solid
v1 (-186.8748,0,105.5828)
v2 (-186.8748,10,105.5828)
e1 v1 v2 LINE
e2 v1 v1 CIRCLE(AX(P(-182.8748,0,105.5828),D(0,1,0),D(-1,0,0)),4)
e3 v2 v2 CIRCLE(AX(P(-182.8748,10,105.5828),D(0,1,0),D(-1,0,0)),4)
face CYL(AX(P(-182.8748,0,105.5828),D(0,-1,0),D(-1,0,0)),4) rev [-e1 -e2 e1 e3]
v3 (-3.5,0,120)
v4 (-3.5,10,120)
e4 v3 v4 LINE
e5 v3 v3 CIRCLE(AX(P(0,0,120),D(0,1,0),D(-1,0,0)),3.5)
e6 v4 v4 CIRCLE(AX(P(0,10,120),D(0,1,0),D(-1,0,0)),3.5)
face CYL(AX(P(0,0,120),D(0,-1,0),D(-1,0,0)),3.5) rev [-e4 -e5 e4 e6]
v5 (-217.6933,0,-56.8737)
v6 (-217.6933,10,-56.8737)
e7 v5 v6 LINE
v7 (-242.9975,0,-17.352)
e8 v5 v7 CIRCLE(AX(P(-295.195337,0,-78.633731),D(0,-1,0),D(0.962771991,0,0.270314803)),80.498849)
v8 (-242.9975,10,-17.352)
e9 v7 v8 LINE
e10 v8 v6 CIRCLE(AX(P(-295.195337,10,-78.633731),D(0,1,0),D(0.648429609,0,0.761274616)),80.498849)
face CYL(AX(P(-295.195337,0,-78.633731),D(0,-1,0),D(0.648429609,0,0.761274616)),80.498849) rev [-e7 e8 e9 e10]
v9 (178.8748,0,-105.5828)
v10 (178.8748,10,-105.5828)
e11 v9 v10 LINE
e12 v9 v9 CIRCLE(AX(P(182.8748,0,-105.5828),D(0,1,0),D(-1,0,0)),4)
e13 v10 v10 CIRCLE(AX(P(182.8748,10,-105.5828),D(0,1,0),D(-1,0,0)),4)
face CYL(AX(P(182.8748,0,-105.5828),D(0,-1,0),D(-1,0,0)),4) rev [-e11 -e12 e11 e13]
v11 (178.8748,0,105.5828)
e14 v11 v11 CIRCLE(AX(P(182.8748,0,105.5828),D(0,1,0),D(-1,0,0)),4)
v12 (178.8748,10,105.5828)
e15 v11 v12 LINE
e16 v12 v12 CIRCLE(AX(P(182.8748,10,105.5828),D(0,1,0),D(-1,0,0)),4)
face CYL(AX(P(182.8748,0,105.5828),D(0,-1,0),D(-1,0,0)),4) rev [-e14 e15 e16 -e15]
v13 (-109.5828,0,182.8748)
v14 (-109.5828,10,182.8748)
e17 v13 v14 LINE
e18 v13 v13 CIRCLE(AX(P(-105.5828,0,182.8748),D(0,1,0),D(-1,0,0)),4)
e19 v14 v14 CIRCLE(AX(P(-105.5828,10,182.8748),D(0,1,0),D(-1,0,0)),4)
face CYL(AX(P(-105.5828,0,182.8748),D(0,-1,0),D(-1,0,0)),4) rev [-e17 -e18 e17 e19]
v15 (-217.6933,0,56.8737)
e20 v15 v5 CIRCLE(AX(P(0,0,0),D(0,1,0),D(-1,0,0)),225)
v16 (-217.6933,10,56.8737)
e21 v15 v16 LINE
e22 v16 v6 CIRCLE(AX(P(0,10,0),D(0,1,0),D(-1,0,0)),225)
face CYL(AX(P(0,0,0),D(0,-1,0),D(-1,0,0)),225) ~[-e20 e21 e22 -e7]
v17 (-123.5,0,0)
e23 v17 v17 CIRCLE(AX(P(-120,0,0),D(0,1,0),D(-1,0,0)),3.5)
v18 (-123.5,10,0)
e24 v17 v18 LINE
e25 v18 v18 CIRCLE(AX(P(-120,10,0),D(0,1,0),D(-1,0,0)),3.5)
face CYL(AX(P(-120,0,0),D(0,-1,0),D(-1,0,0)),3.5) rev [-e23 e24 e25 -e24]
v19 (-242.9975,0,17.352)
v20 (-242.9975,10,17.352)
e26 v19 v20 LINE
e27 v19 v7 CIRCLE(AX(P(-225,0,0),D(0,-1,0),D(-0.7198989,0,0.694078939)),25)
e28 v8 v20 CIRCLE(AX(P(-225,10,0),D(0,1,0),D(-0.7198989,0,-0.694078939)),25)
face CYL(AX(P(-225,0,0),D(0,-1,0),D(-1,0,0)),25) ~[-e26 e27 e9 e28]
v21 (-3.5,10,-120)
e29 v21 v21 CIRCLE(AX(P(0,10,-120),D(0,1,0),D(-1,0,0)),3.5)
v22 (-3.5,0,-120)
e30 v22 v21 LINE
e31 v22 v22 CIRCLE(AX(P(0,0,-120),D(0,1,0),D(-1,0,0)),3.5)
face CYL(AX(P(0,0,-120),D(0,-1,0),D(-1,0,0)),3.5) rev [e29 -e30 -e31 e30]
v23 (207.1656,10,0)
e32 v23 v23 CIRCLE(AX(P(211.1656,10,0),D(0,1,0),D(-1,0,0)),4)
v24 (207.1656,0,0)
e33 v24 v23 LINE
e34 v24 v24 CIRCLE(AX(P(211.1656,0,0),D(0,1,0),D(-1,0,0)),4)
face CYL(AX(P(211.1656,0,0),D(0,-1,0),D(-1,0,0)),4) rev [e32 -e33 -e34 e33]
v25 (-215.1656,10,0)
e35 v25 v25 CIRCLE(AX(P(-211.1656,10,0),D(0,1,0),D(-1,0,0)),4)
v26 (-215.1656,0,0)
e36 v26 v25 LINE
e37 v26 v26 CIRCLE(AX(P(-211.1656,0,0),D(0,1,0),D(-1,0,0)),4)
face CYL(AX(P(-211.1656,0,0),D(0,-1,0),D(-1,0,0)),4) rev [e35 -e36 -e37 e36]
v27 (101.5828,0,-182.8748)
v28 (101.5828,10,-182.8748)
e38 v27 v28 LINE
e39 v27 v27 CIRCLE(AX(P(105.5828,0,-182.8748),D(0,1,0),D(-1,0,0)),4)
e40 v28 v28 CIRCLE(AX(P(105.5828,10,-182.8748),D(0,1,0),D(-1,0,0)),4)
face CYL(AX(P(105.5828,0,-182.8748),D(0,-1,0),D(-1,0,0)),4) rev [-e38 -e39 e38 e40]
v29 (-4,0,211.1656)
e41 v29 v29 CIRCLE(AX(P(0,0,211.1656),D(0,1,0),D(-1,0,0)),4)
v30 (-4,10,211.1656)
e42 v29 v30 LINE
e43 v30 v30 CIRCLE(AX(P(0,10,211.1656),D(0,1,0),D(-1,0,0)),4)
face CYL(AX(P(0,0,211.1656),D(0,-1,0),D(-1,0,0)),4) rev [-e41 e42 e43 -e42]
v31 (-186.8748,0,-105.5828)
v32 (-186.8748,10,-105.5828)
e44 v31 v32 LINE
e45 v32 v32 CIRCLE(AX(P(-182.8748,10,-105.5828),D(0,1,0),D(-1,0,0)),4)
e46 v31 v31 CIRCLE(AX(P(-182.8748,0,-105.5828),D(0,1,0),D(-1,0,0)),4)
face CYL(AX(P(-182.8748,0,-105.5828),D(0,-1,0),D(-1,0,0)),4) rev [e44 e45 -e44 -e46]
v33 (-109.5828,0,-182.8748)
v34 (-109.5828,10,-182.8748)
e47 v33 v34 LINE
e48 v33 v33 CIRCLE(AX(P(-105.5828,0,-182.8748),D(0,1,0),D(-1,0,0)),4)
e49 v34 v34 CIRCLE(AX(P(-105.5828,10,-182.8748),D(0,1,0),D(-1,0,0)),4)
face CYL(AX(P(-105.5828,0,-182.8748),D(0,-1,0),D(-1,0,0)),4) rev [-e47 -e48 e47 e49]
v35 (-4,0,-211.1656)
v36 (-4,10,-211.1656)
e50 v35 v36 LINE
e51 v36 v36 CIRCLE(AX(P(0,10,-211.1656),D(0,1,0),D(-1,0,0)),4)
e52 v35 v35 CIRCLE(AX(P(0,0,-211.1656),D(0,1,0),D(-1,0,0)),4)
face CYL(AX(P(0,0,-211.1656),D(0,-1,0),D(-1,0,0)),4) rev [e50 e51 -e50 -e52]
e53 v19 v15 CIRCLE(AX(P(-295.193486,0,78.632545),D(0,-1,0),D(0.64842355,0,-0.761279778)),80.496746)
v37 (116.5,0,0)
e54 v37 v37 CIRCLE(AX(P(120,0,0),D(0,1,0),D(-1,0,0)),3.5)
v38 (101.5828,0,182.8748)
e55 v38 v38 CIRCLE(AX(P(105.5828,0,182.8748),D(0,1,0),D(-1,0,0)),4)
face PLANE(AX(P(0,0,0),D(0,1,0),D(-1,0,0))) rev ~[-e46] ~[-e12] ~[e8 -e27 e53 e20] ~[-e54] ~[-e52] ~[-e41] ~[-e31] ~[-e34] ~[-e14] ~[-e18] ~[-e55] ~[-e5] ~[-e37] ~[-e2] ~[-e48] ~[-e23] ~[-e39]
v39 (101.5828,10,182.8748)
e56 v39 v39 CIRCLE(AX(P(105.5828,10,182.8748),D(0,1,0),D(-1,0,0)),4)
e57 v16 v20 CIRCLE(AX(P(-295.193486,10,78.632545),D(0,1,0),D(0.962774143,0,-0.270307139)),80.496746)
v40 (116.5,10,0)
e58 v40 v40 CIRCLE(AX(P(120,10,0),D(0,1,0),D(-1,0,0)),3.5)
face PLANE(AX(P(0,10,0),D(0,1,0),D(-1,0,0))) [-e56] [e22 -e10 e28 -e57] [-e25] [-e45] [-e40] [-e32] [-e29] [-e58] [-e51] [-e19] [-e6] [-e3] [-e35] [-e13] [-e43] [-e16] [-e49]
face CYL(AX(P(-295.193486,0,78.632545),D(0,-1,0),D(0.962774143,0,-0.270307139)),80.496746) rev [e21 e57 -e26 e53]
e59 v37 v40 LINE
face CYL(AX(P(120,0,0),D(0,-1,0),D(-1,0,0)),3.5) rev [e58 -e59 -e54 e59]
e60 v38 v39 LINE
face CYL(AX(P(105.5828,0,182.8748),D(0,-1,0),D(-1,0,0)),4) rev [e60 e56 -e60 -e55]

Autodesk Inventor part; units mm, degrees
ref_plane "YZ Plane" through (0, 0, 0) normal (1, 0, 0) x (0, 1, 0)
ref_plane "XZ Plane" through (0, 0, 0) normal (0, 1, 0) x (-1, 0, 0)
ref_plane "XY Plane" through (0, 0, 0) normal (0, 0, 1) x (1, 0, 0)
sketch "Sketch1" plane through (0, 0, 0) normal (0, 1, 0) x (-1, 0, 0)
  arc A0 (-195.1682, -43.6963) -> (-195.1682, -43.6963) centre (0, 0) ccw construction
  spline S0 degree 3 poles (212.7614, 63.8524) (213.1534, 65.8524) (213.5259, 67.8561) (213.8787, 69.8633) knots 0 0 0 0 0.019635 0.019635 0.019635 0.019635 construction
  circle A1 centre (0, 0) radius 225
  line L0 (0, 0) -> (0, 120) construction
  line L1 (0, 0) -> (0, -120) construction
  line L2 (0, 0) -> (-120, 0) construction
  line L3 (0, 0) -> (120, 0) construction
  circle A2 centre (-120, 0) radius 3.5
  circle A3 centre (0, -120) radius 3.5
  circle A4 centre (120, 0) radius 3.5
  circle A5 centre (0, 120) radius 3.5
  circle A6 centre (0, -211.1656) radius 4
  circle A7 centre (105.5828, -182.8748) radius 4
  circle A8 centre (182.8748, -105.5828) radius 4
  circle A9 centre (211.1656, 0) radius 4
  circle A10 centre (182.8748, 105.5828) radius 4
  circle A11 centre (105.5828, 182.8748) radius 4
  circle A12 centre (0, 211.1656) radius 4
  circle A13 centre (-105.5828, 182.8748) radius 4
  circle A14 centre (-182.8748, 105.5828) radius 4
  circle A15 centre (-211.1656, 0) radius 4
  circle A16 centre (-182.8748, -105.5828) radius 4
  circle A17 centre (-105.5828, -182.8748) radius 4
  circle A18 centre (225, 0) radius 25
  line L4 (225, 0) -> (242.9975, 17.352)
  line L5 (225, 0) -> (250, 0)
  arc A19 (217.6933, 56.8737) -> (242.9975, 17.352) centre (295.1945, 78.633) ccw
  arc A20 (242.9975, -17.352) -> (217.6933, -56.8737) centre (295.1945, -78.633) ccw
  point P0 (217.6933, -56.8737)
  point P1 (242.9975, -17.352)
  dimension "d0" = 120
  dimension "d1" = 120
  dimension "d2" = 120
  dimension "d3" = 120
  dimension "d4" = 7
  dimension "d5" = 7
  dimension "d6" = 7
  dimension "d7" = 7
  dimension "d10" = 450
  dimension "d11" = 8
  dimension "d14" = 360
  dimension "d16" = 50
  dimension "d17" = 43.954
extrude "Extrusion1" add sketch "Sketch1" along normal blind 10 contours A1 A18 | A19 A18 A1 | A1 A18 A20 | A18 A19 L4 A1 | A1 A18 | A1 L5 A18 A20 | L4 A18 L5
properties part number "MDF Board"
